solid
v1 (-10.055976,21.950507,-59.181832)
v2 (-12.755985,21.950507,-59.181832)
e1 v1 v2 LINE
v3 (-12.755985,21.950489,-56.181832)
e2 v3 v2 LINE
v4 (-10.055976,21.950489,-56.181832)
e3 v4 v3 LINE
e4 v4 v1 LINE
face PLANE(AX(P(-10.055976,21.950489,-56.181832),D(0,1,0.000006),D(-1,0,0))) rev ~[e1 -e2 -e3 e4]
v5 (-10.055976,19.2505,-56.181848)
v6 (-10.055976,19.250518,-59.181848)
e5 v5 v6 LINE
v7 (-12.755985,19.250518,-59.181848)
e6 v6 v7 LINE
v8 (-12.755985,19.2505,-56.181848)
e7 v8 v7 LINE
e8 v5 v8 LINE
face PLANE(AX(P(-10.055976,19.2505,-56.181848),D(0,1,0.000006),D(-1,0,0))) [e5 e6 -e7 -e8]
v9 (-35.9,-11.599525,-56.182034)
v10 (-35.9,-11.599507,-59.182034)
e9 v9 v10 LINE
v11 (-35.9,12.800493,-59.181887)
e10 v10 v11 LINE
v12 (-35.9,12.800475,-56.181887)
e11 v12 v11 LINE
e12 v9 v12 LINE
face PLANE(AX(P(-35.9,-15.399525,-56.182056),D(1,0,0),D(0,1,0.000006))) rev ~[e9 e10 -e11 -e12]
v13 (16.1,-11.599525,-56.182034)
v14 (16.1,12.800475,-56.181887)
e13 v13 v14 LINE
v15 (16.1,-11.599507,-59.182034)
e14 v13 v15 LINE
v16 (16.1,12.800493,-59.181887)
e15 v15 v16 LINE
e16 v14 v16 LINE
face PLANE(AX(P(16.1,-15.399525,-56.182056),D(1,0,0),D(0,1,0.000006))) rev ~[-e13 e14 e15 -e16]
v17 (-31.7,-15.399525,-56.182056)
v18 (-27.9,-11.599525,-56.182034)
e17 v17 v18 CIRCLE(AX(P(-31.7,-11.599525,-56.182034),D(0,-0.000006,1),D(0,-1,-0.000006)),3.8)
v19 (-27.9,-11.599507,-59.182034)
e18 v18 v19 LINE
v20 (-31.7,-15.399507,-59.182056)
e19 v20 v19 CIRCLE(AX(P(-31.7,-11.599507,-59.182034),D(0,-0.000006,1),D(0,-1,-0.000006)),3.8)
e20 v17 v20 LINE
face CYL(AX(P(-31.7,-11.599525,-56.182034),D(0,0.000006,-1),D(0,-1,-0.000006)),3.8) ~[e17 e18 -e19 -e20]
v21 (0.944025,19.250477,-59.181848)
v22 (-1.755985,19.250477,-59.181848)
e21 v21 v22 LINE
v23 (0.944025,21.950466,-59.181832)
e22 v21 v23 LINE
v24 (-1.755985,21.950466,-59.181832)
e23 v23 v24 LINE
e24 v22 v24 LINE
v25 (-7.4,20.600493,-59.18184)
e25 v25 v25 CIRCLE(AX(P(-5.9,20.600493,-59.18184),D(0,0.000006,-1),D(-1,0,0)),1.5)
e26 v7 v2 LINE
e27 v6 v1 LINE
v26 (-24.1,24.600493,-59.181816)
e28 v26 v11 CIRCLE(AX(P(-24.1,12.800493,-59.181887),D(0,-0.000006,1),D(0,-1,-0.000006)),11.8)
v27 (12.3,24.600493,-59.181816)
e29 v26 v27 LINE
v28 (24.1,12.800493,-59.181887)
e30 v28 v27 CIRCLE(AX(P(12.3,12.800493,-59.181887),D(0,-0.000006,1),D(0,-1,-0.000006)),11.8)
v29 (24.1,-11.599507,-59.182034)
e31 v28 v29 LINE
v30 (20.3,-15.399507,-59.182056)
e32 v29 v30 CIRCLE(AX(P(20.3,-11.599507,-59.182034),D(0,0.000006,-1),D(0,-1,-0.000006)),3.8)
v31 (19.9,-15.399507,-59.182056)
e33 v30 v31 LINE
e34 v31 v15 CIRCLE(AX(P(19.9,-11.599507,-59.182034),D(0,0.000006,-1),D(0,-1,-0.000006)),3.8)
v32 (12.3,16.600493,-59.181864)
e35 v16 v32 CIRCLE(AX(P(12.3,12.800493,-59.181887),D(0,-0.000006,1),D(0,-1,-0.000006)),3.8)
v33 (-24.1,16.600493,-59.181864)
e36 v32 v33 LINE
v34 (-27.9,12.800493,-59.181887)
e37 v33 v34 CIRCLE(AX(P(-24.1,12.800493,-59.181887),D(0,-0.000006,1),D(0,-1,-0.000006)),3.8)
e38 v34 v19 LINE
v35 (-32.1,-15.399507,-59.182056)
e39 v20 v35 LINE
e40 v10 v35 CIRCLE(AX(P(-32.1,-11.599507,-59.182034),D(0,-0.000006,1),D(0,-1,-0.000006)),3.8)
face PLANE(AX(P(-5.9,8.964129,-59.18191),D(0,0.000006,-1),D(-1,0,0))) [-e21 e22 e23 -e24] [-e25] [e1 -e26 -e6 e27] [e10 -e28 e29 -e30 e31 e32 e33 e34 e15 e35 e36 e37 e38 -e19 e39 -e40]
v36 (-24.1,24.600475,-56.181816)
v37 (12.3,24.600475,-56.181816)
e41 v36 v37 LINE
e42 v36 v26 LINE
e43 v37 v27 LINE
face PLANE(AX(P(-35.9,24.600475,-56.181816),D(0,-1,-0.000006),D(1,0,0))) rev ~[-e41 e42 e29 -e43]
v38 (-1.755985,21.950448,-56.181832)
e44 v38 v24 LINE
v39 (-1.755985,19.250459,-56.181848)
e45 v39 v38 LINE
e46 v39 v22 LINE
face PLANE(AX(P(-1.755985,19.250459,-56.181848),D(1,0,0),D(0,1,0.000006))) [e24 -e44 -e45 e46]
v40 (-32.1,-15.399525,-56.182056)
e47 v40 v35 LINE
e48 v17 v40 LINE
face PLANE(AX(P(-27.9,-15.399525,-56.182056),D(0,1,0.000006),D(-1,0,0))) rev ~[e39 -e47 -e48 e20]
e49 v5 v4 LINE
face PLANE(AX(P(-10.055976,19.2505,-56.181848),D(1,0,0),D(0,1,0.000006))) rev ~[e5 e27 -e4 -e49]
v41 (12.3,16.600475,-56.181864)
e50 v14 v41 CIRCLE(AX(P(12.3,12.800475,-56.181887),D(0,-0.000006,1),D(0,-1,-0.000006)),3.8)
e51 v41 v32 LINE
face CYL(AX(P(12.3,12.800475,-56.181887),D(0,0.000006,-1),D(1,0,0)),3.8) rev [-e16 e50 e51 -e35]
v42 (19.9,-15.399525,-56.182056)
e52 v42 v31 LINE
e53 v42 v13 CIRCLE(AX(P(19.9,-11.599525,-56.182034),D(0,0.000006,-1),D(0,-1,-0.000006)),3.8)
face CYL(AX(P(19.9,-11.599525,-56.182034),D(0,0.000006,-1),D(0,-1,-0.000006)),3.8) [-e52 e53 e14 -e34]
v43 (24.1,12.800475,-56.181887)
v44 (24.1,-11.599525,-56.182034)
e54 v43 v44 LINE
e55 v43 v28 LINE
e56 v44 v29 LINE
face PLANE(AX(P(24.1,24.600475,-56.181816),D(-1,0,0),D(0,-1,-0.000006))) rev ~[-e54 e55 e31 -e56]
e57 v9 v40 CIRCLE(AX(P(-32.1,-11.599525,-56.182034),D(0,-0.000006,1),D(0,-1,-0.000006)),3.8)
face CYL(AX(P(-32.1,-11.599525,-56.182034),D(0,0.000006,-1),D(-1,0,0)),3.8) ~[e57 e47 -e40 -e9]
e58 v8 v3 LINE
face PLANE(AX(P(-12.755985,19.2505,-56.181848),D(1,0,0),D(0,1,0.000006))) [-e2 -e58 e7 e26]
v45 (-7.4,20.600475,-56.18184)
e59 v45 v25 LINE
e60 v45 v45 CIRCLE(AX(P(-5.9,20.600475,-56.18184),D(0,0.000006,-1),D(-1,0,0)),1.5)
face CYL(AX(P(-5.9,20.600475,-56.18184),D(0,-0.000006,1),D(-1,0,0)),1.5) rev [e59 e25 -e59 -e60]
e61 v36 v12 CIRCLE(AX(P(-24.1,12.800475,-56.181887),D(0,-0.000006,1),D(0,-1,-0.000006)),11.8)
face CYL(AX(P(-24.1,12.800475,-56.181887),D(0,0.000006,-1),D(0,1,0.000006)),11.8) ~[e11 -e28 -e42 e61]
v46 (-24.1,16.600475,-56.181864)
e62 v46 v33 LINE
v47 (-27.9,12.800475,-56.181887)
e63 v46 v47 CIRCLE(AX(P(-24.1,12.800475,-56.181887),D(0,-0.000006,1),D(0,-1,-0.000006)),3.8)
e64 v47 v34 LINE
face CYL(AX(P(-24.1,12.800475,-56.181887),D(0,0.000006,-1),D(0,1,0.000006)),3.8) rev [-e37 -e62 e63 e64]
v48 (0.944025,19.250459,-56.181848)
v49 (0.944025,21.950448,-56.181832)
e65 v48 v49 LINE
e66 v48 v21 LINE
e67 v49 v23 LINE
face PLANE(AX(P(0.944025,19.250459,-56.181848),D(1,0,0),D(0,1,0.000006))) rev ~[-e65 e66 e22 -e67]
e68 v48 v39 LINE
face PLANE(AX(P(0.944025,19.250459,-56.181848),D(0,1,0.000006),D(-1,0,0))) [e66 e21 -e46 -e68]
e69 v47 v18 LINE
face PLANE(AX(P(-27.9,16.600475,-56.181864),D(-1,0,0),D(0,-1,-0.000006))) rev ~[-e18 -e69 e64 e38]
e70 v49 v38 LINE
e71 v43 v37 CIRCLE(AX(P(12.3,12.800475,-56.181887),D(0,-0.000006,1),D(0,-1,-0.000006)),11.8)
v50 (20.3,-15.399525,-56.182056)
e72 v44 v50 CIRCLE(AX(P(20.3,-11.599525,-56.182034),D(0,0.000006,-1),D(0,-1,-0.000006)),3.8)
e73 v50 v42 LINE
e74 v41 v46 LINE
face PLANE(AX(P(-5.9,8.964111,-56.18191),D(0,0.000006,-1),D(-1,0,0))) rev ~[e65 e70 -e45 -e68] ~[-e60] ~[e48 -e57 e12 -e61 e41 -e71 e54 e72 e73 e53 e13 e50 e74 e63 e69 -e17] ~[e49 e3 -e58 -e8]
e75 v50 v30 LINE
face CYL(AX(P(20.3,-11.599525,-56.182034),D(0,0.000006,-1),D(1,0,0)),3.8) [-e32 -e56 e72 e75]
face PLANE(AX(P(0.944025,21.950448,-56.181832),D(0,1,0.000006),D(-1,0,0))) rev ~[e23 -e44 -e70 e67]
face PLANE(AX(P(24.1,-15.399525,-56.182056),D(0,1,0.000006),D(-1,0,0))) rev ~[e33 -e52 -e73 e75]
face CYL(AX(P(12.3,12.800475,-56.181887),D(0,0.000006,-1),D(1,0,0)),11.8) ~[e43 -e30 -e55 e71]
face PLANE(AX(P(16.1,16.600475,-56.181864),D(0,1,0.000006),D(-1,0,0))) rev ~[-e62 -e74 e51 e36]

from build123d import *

# Parameters (mm, degrees)
SKETCH_R                 = 1.5
SKETCH_W                 = 2.700009
SKETCH_H                 = 2.699989
PAD_DEPTH                = 3
FILLET_R                 = 3.8
FILLET001_R              = 11.8
CLONE003_PLACEMENT_ANGLE = 180


with BuildPart() as part:
    # Sketch (on Face9 of Binder004) → Pad (new body)
    with BuildSketch(Plane(origin=(0, 1.8e-05, 2.818036), x_dir=(1, 0, 0), z_dir=(0, -6e-06, -1))):
        Polygon((-30, 24.600493), (-30, -15.399507), (-22, -15.399507), (-22, 16.600493), (22, 16.600493), (22, -15.399507), (30, -15.399507), (30, 24.600493), align=None)
        with Locations((0, 20.600493)):
            Circle(SKETCH_R, mode=Mode.SUBTRACT)
        with Locations((-5.49402, 20.600472)):
            Rectangle(SKETCH_W, SKETCH_H, mode=Mode.SUBTRACT)
        with Locations((5.50598, 20.600513)):
            Rectangle(SKETCH_W, SKETCH_H, mode=Mode.SUBTRACT)
    extrude(amount=PAD_DEPTH)

    # Fillet
    fillet_edges = [part.edges().sort_by_distance(p)[0] for p in [
        (-30, 15.399516, 1.317937),
        (-22, 15.399516, 1.317937),
        (22, 15.399516, 1.317937),
        (30, 15.399516, 1.317937),
        (-22, -16.600484, 1.318144),
        (22, -16.600484, 1.318144),
    ]]
    fillet(fillet_edges, radius=FILLET_R)

    # Fillet001
    fillet001_edges = [part.edges().sort_by_distance(p)[0] for p in [
        (30, -24.600484, 1.318195),
        (-30, -24.600484, 1.318195),
    ]]
    fillet(fillet001_edges, radius=FILLET001_R)


with BuildPart() as part_1:
    # Body placement: moved
    add(part.part.moved(Location((12.1, 0, -69.4))))


with BuildPart() as part_2:
    # Clone003 placement: moved
    add(part_1.part.moved(Location((6.2, 0, 10.4))).rotate(Axis((6.2, 0, 10.4), (0, 0, 1)), CLONE003_PLACEMENT_ANGLE))


solid = part_2.part
